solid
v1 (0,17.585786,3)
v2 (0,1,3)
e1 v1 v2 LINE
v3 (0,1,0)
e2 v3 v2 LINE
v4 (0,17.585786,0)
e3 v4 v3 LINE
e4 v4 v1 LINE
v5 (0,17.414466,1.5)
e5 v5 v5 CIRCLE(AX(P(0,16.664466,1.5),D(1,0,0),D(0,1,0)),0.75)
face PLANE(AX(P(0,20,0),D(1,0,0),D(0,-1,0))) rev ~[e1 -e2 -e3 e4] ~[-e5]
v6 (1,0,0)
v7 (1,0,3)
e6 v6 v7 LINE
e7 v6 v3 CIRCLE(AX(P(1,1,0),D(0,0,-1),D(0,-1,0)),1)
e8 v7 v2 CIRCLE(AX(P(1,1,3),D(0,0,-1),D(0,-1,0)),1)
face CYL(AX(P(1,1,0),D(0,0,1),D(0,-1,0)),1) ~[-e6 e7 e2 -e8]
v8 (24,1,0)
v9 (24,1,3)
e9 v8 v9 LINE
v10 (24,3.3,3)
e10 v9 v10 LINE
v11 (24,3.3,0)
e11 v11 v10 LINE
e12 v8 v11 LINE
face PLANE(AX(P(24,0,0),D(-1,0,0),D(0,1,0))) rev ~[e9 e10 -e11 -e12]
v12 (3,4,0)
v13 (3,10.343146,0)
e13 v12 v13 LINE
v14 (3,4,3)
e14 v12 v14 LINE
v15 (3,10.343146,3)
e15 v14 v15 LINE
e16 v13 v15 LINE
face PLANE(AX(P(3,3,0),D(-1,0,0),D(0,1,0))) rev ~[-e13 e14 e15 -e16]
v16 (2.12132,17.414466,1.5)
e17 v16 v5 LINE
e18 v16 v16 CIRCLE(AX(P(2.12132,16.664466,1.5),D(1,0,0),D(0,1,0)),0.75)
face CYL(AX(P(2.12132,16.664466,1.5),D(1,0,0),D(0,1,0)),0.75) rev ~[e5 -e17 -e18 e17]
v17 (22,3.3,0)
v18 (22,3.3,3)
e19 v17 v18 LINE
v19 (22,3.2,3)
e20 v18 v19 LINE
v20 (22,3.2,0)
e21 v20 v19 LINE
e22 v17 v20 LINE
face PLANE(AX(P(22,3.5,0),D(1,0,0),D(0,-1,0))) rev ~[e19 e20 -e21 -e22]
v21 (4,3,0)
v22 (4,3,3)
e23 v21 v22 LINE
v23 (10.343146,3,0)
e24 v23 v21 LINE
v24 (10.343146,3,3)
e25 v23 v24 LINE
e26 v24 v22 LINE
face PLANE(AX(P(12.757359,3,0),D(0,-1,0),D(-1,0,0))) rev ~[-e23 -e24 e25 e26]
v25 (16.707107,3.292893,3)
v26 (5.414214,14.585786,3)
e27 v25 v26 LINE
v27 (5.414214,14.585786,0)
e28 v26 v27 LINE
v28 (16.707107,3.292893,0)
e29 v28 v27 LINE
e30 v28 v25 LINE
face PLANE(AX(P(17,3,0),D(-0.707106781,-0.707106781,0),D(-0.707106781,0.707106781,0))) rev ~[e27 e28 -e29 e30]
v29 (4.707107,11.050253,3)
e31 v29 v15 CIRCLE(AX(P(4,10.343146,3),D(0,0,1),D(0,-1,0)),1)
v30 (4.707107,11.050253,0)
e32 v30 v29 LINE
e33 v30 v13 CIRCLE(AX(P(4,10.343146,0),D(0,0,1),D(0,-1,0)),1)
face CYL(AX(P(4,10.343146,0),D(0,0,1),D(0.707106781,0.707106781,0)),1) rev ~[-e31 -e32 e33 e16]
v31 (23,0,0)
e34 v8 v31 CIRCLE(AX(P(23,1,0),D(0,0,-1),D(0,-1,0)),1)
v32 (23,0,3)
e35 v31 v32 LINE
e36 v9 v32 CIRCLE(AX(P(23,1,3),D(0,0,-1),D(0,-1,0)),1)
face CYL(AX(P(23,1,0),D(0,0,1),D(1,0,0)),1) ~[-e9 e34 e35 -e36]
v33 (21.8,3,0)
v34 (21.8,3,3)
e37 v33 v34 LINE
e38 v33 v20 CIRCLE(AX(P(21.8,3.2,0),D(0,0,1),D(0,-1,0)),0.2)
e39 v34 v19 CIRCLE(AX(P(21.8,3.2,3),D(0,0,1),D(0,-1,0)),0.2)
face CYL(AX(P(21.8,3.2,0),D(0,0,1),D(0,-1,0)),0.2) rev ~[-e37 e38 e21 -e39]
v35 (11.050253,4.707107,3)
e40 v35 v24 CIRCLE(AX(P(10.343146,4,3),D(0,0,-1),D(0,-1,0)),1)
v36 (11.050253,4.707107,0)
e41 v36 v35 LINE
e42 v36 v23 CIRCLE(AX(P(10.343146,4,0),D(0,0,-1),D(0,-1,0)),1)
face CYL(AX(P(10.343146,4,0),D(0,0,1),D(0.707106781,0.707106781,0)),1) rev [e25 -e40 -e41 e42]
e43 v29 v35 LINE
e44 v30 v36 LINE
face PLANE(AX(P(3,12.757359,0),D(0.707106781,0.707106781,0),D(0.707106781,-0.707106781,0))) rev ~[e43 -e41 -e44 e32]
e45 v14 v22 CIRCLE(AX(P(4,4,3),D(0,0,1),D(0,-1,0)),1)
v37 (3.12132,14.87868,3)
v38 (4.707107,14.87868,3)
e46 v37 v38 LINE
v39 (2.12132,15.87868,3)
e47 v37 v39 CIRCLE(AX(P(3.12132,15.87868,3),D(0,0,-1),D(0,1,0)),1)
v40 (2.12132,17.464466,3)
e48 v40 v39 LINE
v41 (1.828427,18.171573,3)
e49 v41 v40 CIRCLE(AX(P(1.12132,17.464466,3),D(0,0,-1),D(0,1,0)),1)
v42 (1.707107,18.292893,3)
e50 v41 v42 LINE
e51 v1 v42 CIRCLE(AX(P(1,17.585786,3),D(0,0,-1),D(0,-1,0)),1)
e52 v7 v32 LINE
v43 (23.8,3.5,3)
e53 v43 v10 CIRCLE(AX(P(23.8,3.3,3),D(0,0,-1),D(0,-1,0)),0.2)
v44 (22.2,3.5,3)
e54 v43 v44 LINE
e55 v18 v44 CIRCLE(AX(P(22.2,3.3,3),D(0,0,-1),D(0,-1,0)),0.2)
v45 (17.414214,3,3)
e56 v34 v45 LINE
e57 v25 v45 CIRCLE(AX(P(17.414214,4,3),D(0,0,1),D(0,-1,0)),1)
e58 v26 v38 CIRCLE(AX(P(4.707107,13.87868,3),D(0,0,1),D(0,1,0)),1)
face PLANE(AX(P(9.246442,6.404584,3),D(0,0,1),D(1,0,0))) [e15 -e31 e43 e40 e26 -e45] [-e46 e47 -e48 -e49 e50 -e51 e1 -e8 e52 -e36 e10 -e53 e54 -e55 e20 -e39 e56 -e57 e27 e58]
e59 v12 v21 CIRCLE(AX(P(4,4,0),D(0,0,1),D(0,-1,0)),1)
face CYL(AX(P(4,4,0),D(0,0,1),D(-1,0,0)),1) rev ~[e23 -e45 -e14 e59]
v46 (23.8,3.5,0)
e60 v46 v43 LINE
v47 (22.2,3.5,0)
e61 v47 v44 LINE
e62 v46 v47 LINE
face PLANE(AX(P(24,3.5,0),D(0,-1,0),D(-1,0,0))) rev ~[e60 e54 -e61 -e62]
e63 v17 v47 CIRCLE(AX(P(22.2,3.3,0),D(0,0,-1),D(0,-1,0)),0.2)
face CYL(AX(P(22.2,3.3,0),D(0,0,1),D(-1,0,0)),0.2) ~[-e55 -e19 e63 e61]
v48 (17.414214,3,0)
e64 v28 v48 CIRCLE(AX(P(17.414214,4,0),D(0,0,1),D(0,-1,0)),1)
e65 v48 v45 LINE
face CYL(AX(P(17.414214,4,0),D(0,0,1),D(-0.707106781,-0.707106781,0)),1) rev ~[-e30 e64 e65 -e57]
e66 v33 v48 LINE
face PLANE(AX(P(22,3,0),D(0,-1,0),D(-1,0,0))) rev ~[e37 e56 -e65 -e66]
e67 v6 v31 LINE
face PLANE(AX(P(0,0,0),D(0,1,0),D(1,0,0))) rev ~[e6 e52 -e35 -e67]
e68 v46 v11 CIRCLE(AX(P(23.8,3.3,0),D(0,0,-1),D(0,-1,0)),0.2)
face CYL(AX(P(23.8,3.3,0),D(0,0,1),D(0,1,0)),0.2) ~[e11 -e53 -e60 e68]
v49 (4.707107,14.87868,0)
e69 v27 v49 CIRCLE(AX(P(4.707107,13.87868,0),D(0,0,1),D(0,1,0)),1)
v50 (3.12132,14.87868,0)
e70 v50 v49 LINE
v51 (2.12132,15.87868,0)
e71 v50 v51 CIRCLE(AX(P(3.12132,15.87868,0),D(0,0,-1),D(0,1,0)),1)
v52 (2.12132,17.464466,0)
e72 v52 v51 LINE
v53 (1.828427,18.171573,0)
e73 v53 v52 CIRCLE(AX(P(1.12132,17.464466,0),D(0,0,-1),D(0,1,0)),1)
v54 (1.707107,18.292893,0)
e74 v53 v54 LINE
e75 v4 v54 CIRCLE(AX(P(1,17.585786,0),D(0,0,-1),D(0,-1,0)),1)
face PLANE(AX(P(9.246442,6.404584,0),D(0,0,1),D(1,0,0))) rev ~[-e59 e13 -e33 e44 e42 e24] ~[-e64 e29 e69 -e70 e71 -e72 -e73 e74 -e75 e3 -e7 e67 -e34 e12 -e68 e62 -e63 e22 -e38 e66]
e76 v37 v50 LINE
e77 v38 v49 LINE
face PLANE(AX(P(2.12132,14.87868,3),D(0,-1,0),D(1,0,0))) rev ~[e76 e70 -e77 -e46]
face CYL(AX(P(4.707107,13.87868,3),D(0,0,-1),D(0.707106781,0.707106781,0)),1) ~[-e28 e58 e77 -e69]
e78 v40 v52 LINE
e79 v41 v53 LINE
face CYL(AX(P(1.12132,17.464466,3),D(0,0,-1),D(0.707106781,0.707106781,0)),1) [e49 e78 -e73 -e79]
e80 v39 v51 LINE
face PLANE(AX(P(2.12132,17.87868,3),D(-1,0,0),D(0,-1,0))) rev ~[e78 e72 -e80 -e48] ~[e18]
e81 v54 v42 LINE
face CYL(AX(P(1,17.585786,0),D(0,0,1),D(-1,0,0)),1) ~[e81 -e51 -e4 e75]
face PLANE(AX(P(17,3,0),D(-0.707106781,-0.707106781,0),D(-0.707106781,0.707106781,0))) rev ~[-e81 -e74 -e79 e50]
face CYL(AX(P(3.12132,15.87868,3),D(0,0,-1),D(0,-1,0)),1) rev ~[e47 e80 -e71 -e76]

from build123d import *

# Parameters (mm, degrees)
F1_DEPTH = 3
F3_DEPTH = 3.001
F4_R     = 1
F5_R     = 0.2
F6_R     = 0.75
F7_DEPTH = 2.1223203436


with BuildPart() as f1:
    # F0 (on Top) → F1 (new body)
    with BuildSketch(Plane.XY):
        Polygon((17, 3), (0, 20), (0, 0), (24, 0), (24, 3.5), (22, 3.5), (22, 3), align=None)
        Polygon((12.7573593129, 3), (3, 3), (3, 12.7573593129), align=None, mode=Mode.SUBTRACT)
    extrude(amount=F1_DEPTH)

    # F2 (on face) → F3 (cut, through all)
    with BuildSketch(Plane.XY.offset(3)):
        Polygon((5.1213203436, 17.8786796564), (2.1213203436, 17.8786796564), (5.1213203436, 14.8786796564), align=None)
        Polygon((5.1213203436, 14.8786796564), (2.1213203436, 17.8786796564), (2.1213203436, 14.8786796564), align=None)
    extrude(amount=-F3_DEPTH, mode=Mode.SUBTRACT)

    # F4
    f4_edges = [f1.edges().sort_by_distance(p)[0] for p in [
        (5.12132, 14.87868, 1.5),
        (2.12132, 14.87868, 1.5),
        (3, 12.757359, 1.5),
        (17, 3, 1.5),
        (3, 3, 1.5),
        (12.757359, 3, 1.5),
        (2.12132, 17.87868, 1.5),
        (24, 0, 1.5),
        (0, 20, 1.5),
        (0, 0, 1.5),
    ]]
    fillet(f4_edges, radius=F4_R)

    # F5
    f5_edges = [f1.edges().sort_by_distance(p)[0] for p in [
        (22, 3, 1.5),
        (24, 3.5, 1.5),
        (22, 3.5, 1.5),
    ]]
    fillet(f5_edges, radius=F5_R)

    # F6 (on face) → F7 (cut, through all)
    with BuildSketch(Plane.YZ.offset(2.1213203436)):
        with Locations((16.6644660941, 1.5)):
            Circle(F6_R)
    extrude(amount=-F7_DEPTH, mode=Mode.SUBTRACT)


solid = f1.part
